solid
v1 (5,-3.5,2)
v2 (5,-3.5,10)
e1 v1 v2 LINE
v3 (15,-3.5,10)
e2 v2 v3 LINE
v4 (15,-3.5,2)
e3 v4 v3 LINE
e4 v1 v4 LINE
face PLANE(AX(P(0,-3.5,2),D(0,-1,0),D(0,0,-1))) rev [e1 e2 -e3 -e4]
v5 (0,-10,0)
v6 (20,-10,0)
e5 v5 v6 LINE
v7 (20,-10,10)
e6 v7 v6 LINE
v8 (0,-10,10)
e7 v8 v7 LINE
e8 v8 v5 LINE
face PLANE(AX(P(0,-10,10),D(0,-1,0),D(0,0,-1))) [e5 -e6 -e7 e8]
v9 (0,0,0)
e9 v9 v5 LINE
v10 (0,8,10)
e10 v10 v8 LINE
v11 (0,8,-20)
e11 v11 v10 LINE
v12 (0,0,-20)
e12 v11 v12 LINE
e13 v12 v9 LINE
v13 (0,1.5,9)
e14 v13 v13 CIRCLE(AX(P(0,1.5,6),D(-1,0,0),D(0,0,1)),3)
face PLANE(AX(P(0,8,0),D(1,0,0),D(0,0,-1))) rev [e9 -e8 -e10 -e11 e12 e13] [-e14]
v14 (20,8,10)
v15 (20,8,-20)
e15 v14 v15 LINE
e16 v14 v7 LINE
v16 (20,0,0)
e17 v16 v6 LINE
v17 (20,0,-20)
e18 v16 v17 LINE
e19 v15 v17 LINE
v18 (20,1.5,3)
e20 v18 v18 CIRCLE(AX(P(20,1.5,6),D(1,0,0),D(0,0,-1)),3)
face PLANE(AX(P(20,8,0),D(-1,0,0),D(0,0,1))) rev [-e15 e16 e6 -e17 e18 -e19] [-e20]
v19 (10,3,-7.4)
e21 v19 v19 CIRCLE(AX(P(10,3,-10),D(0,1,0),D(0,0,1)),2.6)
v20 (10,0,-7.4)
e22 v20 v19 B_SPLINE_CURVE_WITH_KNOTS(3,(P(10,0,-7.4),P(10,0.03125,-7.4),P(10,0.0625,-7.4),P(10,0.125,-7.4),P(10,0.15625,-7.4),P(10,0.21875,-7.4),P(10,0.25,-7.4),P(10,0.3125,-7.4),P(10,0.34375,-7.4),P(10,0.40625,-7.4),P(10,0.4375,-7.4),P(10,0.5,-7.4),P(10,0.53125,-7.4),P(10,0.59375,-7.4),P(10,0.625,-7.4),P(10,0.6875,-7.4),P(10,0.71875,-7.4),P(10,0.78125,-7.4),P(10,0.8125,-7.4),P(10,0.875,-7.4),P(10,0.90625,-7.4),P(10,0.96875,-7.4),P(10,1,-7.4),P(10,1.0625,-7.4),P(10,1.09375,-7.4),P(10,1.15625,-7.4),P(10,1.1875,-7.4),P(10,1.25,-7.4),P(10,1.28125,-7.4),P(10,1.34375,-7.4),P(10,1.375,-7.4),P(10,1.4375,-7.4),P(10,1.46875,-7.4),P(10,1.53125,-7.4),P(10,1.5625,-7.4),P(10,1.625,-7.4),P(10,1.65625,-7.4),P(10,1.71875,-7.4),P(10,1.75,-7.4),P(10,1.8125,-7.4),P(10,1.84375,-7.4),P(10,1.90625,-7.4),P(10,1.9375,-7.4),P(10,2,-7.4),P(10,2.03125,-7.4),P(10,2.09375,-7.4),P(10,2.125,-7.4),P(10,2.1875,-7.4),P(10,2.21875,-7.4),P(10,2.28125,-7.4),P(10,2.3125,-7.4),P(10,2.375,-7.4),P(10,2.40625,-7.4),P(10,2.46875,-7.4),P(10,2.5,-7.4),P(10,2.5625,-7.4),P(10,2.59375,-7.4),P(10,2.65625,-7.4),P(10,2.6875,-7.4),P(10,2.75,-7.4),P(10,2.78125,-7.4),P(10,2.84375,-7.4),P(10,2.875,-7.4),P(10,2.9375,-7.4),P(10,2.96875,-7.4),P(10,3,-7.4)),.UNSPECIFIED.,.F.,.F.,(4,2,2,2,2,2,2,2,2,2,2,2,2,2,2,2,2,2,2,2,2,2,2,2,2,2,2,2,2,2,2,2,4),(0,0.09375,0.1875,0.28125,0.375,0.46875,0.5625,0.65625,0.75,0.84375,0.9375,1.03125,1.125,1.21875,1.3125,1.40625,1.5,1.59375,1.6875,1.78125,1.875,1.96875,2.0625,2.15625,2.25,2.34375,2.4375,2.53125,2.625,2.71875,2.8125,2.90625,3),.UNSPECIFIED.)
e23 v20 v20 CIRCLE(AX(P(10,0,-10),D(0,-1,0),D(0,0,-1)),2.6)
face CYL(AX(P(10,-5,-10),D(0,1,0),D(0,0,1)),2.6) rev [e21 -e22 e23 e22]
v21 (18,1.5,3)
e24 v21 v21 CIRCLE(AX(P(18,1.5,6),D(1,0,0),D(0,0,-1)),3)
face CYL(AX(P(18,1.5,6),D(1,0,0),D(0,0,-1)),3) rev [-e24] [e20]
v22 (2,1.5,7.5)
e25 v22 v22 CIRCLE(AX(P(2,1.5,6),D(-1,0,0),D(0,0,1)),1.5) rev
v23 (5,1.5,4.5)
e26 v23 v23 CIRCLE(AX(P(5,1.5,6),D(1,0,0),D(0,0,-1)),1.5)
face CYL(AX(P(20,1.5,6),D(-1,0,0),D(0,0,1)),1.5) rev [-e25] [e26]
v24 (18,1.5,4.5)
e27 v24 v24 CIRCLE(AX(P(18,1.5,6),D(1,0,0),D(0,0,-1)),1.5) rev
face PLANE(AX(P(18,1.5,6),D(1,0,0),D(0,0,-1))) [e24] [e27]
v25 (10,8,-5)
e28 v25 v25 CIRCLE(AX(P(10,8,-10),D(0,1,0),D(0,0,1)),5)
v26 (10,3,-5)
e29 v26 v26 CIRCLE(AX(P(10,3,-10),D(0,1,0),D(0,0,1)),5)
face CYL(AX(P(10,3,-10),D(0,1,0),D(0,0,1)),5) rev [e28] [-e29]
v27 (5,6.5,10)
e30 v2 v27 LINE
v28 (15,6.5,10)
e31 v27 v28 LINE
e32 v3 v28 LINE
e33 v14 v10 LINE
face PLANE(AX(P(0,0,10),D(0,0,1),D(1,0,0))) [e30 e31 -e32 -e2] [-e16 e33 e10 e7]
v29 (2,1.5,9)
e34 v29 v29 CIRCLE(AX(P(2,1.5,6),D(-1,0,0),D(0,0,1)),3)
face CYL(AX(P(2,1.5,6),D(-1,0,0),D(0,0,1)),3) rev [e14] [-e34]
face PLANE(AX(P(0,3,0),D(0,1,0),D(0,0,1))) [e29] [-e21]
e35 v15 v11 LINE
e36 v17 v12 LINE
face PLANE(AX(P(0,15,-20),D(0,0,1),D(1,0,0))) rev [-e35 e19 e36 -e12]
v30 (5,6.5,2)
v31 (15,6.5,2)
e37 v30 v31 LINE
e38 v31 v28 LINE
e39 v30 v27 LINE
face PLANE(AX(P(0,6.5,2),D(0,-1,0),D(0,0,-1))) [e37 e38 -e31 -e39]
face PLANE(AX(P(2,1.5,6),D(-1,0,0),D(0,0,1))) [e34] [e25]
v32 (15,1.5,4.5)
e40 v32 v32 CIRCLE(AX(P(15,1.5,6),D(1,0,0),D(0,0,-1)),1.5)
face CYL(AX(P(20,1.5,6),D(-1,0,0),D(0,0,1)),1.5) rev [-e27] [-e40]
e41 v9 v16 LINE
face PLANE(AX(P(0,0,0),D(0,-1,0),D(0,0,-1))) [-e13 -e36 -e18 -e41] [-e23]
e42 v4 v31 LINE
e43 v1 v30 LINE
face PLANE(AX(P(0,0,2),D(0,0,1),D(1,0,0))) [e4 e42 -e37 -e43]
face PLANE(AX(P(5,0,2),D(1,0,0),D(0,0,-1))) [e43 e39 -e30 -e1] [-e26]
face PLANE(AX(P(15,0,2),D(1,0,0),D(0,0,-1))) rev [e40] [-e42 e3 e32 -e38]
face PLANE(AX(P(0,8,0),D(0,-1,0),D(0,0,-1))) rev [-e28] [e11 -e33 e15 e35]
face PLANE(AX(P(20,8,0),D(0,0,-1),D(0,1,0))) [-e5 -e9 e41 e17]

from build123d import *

# Parameters (mm, degrees)
SKETCH_1_W          = 20
SKETCH_1_H          = 20
EXTRUDE_1_DEPTH     = 8
EXTRUDE_2_DEPTH     = 20
SKETCH_3_W          = 4
SKETCH_3_H          = 13
EXTRUDE_3_DEPTH     = 20
CUT_EXTRUDE_1_DEPTH = 5
SKETCH_5_R          = 2.6
CUT_EXTRUDE_2_DEPTH = 13
EXTRUDE_4_DEPTH     = 20
SKETCH_9_W          = 20
SKETCH_9_H          = 13
SKETCH_9_W_2        = 10
SKETCH_9_H_2        = 10
EXTRUDE_5_DEPTH     = 26
SKETCH_10_W         = 10
SKETCH_10_H         = 10
CUT_EXTRUDE_3_DEPTH = 14
SKETCH_13_W         = 20
SKETCH_13_H         = 13
CUT_EXTRUDE_4_DEPTH = 20
SKETCH_14_W         = 5
SKETCH_14_H         = 5
CUT_EXTRUDE_5_DEPTH = 8
CUT_EXTRUDE_6_DEPTH = 20
SKETCH_16_R         = 3
CUT_EXTRUDE_7_DEPTH = 2
CUT_EXTRUDE_START   = -2
SKETCH_17_R         = 3
CUT_EXTRUDE_8_DEPTH = 2
SKETCH_18_W         = 20
SKETCH_18_H         = 4
CUT_EXTRUDE_9_DEPTH = 20
SKETCH_19_W         = 10
SKETCH_19_H         = 5
EXTRUDE_6_DEPTH     = 20


with BuildPart() as part:
    # 草图1 → 凸台-拉伸1 (new body)
    with BuildSketch(Plane(origin=(0, 0, 0), x_dir=(1, 0, 0), z_dir=(0, 1, 0))):
        with Locations((10, 10)):
            Rectangle(SKETCH_1_W, SKETCH_1_H)
    extrude(amount=EXTRUDE_1_DEPTH)

    # 草图2 → 凸台-拉伸2 (add)
    with BuildSketch(Plane.ZY):
        Polygon((-24, 0), (-24, -5), (-20, -5), (-20, 0), (-20, 8), (-24, 8), align=None)
    extrude(amount=-EXTRUDE_2_DEPTH)

    # 草图3 → 凸台-拉伸3 (add)
    with BuildSketch(Plane.ZY):
        with Locations((2, 1.5)):
            Rectangle(SKETCH_3_W, SKETCH_3_H)
    extrude(amount=-EXTRUDE_3_DEPTH)

    # 草图4 → 切除-拉伸1 (cut)
    with BuildSketch(Plane(origin=(0, 8, 0), x_dir=(1, 0, 0), z_dir=(0, 1, 0))):
        with BuildLine():
            ThreePointArc((15, 10), (10, 15), (5, 10))
            Line((5, 10), (15, 10))
        make_face()
        with BuildLine():
            Line((15, 10), (5, 10))
            ThreePointArc((5, 10), (10, 5), (15, 10))
        make_face()
        with BuildLine():
            ThreePointArc((15, 10), (10, 15), (5, 10))
            Line((5, 10), (15, 10))
        make_face()
        with BuildLine():
            Line((15, 10), (5, 10))
            ThreePointArc((5, 10), (10, 5), (15, 10))
        make_face()
    extrude(amount=-CUT_EXTRUDE_1_DEPTH, mode=Mode.SUBTRACT)

    # 草图5 → 切除-拉伸2 (cut)
    with BuildSketch(Plane(origin=(0, 8, 0), x_dir=(1, 0, 0), z_dir=(0, 1, 0))):
        with Locations(Location((10, 10, 0), (0, 0, 270))):
            Circle(SKETCH_5_R)
    extrude(amount=-CUT_EXTRUDE_2_DEPTH, mode=Mode.SUBTRACT)

    # 草图8 → 凸台-拉伸4 (add)
    with BuildSketch(Plane.XY.offset(4)):
        Polygon((10, 6.5), (15, 6.5), (15, 1.5), (15, -3.5), (10, -3.5), (5, -3.5), (5, 1.5), (5, 6.5), align=None)
    extrude(amount=EXTRUDE_4_DEPTH)

    # 草图9 → 凸台-拉伸5 (add)
    with BuildSketch(Plane.XY.offset(4)):
        with Locations((10, 1.5)):
            Rectangle(SKETCH_9_W, SKETCH_9_H)
        with Locations((10, 1.5)):
            Rectangle(SKETCH_9_W_2, SKETCH_9_H_2, mode=Mode.SUBTRACT)
    extrude(amount=EXTRUDE_5_DEPTH)

    # 草图10 → 切除-拉伸3 (cut)
    with BuildSketch(Plane.XY.offset(24)):
        with Locations((10, 1.5)):
            Rectangle(SKETCH_10_W, SKETCH_10_H)
    extrude(amount=-CUT_EXTRUDE_3_DEPTH, mode=Mode.SUBTRACT)

    # 草图13 → 切除-拉伸4 (cut)
    with BuildSketch(Plane.ZY):
        with Locations((20, 1.5)):
            Rectangle(SKETCH_13_W, SKETCH_13_H)
    extrude(amount=-CUT_EXTRUDE_4_DEPTH, mode=Mode.SUBTRACT)

    # 草图14 → 切除-拉伸5 (cut)
    with BuildSketch(Plane.XY.offset(10)):
        with Locations((7.5, 4)):
            Rectangle(SKETCH_14_W, SKETCH_14_H)
        with Locations((12.5, 4)):
            Rectangle(SKETCH_14_W, SKETCH_14_H)
        with Locations((7.5, -1)):
            Rectangle(SKETCH_14_W, SKETCH_14_H)
        with Locations((12.5, -1)):
            Rectangle(SKETCH_14_W, SKETCH_14_H)
    extrude(amount=-CUT_EXTRUDE_5_DEPTH, mode=Mode.SUBTRACT)

    # 草图15 → 切除-拉伸6 (cut)
    with BuildSketch(Plane.ZY):
        with BuildLine():
            ThreePointArc((4.5, 1.5), (6, 0), (7.5, 1.5))
            Line((7.5, 1.5), (4.5, 1.5))
        make_face()
        with BuildLine():
            Line((4.5, 1.5), (7.5, 1.5))
            ThreePointArc((7.5, 1.5), (6, 3), (4.5, 1.5))
        make_face()
        with BuildLine():
            ThreePointArc((4.5, 1.5), (6, 0), (7.5, 1.5))
            Line((7.5, 1.5), (4.5, 1.5))
        make_face()
        with BuildLine():
            Line((4.5, 1.5), (7.5, 1.5))
            ThreePointArc((7.5, 1.5), (6, 3), (4.5, 1.5))
        make_face()
    extrude(amount=-CUT_EXTRUDE_6_DEPTH, mode=Mode.SUBTRACT)

    # 草图16 → 切除-拉伸7 (cut)
    with BuildSketch(Plane.ZY):
        with Locations((6, 1.5)):
            Circle(SKETCH_16_R)
    extrude(amount=-CUT_EXTRUDE_7_DEPTH, mode=Mode.SUBTRACT)

    # 草图17 → 切除-拉伸8 (cut)
    with BuildSketch(Plane(origin=(20, 0, 0), x_dir=(0, 0, -1), z_dir=(1, 0, 0)).offset(CUT_EXTRUDE_START)):
        with Locations(Location((-6, 1.5, 0), (0, 0, 180))):
            Circle(SKETCH_17_R)
    extrude(amount=CUT_EXTRUDE_8_DEPTH, mode=Mode.SUBTRACT)

    # 草图18 → 切除-拉伸9 (cut)
    with BuildSketch(Plane.XZ.offset(5)):
        with Locations((10, -22)):
            Rectangle(SKETCH_18_W, SKETCH_18_H)
    extrude(amount=-CUT_EXTRUDE_9_DEPTH, mode=Mode.SUBTRACT)

    # 草图19 → 凸台-拉伸6 (add)
    with BuildSketch(Plane(origin=(20, 0, 0), x_dir=(0, 0, -1), z_dir=(1, 0, 0))):
        with Locations((-5, -7.5)):
            Rectangle(SKETCH_19_W, SKETCH_19_H)
    extrude(amount=-EXTRUDE_6_DEPTH)


solid = part.part
